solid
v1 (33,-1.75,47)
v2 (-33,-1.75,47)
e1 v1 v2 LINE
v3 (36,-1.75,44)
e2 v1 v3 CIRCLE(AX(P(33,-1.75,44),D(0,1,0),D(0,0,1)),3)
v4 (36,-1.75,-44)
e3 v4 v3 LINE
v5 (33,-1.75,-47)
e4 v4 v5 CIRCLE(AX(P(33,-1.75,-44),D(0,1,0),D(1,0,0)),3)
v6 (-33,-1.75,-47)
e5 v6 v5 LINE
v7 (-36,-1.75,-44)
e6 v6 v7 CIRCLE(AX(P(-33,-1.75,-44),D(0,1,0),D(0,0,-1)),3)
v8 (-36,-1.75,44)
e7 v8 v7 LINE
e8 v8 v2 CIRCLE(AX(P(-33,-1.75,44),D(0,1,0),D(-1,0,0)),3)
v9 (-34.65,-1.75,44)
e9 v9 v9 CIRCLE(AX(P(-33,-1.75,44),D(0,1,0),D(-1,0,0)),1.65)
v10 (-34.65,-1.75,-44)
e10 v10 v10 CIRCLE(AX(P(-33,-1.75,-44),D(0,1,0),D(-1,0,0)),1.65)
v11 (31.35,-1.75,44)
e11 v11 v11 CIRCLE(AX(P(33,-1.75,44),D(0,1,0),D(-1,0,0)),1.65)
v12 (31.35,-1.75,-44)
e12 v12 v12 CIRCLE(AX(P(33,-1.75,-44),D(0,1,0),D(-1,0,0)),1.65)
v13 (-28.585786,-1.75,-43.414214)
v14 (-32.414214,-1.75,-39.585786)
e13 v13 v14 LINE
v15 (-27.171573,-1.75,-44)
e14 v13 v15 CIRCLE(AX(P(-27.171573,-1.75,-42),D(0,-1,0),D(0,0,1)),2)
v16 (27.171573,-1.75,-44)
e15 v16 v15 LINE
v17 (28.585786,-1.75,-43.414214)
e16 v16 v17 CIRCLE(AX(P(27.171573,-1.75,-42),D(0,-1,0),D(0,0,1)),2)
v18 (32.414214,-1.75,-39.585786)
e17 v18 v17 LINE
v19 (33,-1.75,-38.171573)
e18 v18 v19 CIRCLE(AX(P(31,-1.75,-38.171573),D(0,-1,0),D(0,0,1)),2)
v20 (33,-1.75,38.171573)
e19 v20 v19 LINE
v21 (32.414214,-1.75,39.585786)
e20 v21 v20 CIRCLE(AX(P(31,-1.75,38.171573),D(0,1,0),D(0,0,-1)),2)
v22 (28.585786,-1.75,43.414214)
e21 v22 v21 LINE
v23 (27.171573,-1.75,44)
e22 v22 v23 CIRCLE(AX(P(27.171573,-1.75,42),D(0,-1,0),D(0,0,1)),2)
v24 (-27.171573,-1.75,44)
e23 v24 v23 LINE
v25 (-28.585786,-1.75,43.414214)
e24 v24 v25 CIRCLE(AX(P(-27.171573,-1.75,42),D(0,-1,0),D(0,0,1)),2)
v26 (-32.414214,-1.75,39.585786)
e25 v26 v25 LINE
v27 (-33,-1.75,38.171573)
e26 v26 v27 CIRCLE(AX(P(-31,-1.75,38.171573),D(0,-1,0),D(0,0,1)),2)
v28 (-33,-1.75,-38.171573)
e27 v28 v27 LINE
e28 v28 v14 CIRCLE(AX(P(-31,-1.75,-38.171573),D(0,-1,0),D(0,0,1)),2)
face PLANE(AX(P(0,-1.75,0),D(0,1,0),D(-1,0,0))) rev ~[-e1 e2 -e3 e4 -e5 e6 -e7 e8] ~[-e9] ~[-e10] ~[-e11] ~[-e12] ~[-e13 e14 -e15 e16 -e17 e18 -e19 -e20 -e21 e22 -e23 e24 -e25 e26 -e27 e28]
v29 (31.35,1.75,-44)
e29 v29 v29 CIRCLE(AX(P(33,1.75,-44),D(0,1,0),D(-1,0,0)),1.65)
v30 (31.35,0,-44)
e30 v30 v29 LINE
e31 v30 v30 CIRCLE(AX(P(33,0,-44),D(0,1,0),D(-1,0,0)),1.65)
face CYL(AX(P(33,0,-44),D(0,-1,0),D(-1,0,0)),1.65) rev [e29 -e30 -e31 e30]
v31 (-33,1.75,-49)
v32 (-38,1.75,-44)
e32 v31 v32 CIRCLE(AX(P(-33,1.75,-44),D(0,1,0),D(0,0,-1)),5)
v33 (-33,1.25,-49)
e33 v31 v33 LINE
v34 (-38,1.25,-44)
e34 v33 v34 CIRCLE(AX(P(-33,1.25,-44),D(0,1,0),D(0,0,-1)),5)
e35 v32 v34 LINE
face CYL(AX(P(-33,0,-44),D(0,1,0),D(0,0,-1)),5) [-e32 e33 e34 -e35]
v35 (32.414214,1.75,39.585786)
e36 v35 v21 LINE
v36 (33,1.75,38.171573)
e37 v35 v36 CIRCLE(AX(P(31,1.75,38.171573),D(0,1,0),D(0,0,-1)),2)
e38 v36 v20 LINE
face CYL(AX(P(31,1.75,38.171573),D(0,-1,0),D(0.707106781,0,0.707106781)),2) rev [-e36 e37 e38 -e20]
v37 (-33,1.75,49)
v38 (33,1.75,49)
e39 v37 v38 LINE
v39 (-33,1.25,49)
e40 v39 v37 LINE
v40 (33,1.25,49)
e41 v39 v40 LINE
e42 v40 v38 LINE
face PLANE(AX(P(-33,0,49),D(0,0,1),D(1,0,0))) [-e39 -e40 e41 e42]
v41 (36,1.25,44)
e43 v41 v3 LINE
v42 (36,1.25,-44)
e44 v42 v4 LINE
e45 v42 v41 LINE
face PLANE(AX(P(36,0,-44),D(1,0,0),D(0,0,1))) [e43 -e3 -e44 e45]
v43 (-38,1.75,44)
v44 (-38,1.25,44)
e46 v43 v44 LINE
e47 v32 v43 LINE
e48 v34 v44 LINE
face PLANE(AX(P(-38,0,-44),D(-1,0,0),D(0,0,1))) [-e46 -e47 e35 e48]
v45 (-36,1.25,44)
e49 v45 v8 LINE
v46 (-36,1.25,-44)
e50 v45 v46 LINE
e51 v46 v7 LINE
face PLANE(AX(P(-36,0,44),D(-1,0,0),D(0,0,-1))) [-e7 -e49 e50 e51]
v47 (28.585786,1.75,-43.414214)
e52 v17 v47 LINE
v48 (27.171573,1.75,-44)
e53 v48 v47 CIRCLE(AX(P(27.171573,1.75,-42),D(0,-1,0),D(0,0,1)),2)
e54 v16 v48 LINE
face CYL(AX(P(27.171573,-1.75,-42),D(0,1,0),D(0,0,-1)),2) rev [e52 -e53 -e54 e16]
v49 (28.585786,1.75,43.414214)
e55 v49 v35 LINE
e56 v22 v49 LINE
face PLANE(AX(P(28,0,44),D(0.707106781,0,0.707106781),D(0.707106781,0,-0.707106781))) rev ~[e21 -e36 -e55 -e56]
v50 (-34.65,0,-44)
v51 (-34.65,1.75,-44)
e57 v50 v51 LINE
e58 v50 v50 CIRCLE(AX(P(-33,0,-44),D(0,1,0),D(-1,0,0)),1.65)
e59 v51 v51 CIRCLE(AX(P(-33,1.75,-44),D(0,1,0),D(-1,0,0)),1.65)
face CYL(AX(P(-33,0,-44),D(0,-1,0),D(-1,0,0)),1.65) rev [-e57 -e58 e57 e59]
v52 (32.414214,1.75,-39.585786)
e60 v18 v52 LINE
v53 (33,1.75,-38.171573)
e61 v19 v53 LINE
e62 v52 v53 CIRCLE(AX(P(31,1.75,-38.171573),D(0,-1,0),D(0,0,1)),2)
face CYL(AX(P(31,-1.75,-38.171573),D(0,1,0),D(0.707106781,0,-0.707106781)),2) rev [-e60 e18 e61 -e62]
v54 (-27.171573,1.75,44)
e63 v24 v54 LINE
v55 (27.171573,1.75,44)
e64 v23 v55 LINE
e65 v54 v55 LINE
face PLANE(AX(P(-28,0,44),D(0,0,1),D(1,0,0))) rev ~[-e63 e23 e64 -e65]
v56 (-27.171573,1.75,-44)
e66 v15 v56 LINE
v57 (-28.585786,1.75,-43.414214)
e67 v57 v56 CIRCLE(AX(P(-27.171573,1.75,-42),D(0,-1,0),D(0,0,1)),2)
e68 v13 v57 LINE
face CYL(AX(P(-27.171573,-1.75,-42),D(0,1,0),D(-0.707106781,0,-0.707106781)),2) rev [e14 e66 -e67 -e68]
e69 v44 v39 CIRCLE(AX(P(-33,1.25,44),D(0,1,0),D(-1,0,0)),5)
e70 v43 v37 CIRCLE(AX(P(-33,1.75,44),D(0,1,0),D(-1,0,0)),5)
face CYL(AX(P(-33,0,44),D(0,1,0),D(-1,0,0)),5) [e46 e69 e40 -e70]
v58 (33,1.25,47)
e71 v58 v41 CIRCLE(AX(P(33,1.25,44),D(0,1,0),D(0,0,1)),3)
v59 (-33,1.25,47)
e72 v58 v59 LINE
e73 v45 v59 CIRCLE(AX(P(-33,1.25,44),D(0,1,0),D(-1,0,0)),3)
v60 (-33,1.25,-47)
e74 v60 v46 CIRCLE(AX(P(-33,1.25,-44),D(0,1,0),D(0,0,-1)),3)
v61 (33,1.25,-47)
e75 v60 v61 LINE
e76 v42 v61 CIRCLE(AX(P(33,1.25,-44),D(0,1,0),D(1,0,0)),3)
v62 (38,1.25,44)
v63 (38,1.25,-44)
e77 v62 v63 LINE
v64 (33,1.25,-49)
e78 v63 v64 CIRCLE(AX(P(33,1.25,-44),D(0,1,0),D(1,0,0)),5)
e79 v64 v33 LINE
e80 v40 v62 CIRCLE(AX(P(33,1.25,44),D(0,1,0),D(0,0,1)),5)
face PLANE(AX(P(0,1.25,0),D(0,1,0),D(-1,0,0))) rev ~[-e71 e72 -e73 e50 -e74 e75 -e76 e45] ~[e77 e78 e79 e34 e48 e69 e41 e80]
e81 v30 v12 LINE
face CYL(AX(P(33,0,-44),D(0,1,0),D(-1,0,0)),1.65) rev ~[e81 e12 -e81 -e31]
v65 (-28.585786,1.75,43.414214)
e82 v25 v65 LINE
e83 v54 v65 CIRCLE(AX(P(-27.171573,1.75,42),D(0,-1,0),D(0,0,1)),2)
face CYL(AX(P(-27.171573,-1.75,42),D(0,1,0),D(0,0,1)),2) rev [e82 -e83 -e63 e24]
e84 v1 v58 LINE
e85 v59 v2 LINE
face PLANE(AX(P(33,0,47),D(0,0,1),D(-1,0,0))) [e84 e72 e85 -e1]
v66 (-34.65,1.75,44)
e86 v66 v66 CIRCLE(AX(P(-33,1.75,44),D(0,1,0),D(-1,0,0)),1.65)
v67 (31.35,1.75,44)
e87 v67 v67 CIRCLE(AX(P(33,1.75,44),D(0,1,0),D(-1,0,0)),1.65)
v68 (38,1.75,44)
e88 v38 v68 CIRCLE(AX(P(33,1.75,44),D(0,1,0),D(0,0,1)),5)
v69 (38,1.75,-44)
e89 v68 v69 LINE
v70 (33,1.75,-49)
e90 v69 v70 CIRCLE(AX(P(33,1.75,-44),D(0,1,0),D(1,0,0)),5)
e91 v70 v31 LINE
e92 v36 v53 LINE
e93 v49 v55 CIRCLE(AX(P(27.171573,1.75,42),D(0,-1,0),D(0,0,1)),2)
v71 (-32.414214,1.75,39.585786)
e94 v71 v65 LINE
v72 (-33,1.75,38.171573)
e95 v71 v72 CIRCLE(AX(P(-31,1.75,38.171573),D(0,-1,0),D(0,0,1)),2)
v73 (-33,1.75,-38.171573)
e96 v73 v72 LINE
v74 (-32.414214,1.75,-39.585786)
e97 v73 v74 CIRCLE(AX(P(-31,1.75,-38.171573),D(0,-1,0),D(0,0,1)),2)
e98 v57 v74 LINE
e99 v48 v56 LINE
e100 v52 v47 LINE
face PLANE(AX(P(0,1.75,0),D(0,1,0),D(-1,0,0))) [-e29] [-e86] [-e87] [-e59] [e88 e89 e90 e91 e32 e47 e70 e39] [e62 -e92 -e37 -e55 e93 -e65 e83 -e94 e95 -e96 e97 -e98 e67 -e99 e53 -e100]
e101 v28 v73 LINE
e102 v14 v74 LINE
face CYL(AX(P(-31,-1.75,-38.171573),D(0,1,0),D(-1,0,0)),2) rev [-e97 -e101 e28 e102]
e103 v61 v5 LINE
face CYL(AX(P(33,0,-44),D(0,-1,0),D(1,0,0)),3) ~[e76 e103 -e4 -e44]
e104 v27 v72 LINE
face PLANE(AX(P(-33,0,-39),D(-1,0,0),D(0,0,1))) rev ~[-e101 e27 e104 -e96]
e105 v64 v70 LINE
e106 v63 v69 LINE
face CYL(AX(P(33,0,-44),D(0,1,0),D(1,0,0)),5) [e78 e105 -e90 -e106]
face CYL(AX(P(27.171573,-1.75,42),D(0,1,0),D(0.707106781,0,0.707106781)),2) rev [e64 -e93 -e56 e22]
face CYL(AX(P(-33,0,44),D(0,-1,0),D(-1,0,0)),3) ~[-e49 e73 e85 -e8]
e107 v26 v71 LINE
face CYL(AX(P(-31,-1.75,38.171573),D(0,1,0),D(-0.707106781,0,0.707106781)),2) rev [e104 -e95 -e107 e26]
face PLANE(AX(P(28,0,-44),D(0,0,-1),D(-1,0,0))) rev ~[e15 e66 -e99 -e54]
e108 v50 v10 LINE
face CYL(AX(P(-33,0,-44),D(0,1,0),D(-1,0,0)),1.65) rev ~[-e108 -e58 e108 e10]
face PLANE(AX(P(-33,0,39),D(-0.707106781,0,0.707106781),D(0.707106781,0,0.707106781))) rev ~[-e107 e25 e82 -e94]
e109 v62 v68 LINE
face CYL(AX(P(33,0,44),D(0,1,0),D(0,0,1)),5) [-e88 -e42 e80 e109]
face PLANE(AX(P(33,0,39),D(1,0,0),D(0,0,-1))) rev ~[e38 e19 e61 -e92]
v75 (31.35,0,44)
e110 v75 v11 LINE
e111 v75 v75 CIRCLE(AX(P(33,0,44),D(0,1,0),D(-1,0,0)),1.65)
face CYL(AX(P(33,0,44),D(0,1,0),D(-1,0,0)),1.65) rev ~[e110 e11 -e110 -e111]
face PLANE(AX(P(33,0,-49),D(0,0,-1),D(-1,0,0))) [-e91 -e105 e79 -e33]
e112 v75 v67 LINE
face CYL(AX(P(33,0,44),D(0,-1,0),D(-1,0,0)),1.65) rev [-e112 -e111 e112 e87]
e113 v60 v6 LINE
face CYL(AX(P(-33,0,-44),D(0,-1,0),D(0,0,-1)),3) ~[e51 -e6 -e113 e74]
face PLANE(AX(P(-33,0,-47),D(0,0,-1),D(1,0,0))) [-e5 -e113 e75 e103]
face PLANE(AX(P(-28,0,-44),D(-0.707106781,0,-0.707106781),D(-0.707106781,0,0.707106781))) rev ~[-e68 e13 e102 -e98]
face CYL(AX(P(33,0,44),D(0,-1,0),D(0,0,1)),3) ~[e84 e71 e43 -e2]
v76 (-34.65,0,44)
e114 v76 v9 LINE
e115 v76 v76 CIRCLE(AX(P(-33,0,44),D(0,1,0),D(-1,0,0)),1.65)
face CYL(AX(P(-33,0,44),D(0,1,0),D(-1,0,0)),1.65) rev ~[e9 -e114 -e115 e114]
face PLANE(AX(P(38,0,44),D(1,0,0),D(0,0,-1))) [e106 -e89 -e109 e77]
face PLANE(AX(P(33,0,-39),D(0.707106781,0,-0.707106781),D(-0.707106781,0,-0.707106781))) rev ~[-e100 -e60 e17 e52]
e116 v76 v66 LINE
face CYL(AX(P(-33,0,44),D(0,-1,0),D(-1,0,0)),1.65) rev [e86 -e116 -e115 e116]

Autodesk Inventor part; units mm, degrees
ref_plane "YZ Plane" through (0, 0, 0) normal (1, 0, 0) x (0, 1, 0)
ref_plane "XZ Plane" through (0, 0, 0) normal (0, 1, 0) x (-1, 0, 0)
ref_plane "XY Plane" through (0, 0, 0) normal (0, 0, 1) x (1, 0, 0)
sketch "Sketch1" plane through (0, 0, 0) normal (0, 1, 0) x (-1, 0, 0)
  line L0 (33, 44) -> (-33, 44) construction
  line L1 (-33, 44) -> (-33, -44) construction
  line L2 (-33, -44) -> (33, -44) construction
  line L3 (33, -44) -> (33, 44) construction
  line L4 (33, 49) -> (-33, 49)
  line L5 (-38, 44) -> (-38, -44)
  line L6 (-33, -49) -> (33, -49)
  line L7 (38, -44) -> (38, 44)
  arc A0 (38, 44) -> (33, 49) centre (33, 44) ccw
  arc A1 (-33, 49) -> (-38, 44) centre (-33, 44) ccw
  arc A2 (-38, -44) -> (-33, -49) centre (-33, -44) ccw
  arc A3 (33, -49) -> (38, -44) centre (33, -44) ccw
  line L8 (-33, 47) -> (33, 47)
  arc A4 (36, 44) -> (33, 47) centre (33, 44) ccw
  line L9 (36, 44) -> (36, -44)
  arc A5 (33, -47) -> (36, -44) centre (33, -44) ccw
  line L10 (33, -47) -> (-33, -47)
  arc A6 (-36, -44) -> (-33, -47) centre (-33, -44) ccw
  line L11 (-36, -44) -> (-36, 44)
  arc A7 (-33, 47) -> (-36, 44) centre (-33, 44) ccw
  circle A8 centre (33, 44) radius 1.65
  circle A9 centre (33, -44) radius 1.65
  circle A10 centre (-33, -44) radius 1.65
  circle A11 centre (-33, 44) radius 1.65
  line L12 (33, 39) -> (28, 44)
  line L13 (28, 44) -> (-28, 44)
  line L14 (-28, 44) -> (-33, 39)
  line L15 (-33, 39) -> (-33, -39)
  line L16 (-33, -39) -> (-28, -44)
  line L17 (-28, -44) -> (28, -44)
  line L18 (28, -44) -> (33, -39)
  line L19 (33, -39) -> (33, 39)
  point P0 (0, 0)
  point P1 (33, 0)
  point P2 (38, 49)
  point P3 (-38, 49)
  point P4 (38, -49)
  point P5 (-38, 0)
  point P6 (0, 49)
  point P7 (0, 44)
  dimension "d0" = 76
  dimension "d1" = 98
  dimension "d2" = 5
  dimension "d3" = 2
  dimension "d4" = 3.3
  dimension "d5" = 1.35
  dimension "d6" = 1.35
  dimension "d7" = 66
  dimension "d8" = 88
  dimension "d9" = 5
  dimension "d10" = 3.5355
extrude "Extrusion1" add sketch "Sketch1" along normal mid plane 3.5 contours A0 L7 A3 L6 A2 L5 A1 L4 | L8 A4 L9 A5 L10 A6 L11 A7
fillet "Fillet1" radius 2 8 edges at (-33, 0, -39) (-28, 0, -44) (28, 0, -44) (33, 0, -39) (33, 0, 39) (28, 0, 44) (-33, 0, 39) (-28, 0, 44)
extrude "Extrusion2" cut sketch "Sketch1" along normal blind 1.25 and the other way blind 1.75 contours A0 L7 A3 L6 A2 L5 A1 L4
properties part number "SolarPanel_CoilForm" material "ABS Plastic"
